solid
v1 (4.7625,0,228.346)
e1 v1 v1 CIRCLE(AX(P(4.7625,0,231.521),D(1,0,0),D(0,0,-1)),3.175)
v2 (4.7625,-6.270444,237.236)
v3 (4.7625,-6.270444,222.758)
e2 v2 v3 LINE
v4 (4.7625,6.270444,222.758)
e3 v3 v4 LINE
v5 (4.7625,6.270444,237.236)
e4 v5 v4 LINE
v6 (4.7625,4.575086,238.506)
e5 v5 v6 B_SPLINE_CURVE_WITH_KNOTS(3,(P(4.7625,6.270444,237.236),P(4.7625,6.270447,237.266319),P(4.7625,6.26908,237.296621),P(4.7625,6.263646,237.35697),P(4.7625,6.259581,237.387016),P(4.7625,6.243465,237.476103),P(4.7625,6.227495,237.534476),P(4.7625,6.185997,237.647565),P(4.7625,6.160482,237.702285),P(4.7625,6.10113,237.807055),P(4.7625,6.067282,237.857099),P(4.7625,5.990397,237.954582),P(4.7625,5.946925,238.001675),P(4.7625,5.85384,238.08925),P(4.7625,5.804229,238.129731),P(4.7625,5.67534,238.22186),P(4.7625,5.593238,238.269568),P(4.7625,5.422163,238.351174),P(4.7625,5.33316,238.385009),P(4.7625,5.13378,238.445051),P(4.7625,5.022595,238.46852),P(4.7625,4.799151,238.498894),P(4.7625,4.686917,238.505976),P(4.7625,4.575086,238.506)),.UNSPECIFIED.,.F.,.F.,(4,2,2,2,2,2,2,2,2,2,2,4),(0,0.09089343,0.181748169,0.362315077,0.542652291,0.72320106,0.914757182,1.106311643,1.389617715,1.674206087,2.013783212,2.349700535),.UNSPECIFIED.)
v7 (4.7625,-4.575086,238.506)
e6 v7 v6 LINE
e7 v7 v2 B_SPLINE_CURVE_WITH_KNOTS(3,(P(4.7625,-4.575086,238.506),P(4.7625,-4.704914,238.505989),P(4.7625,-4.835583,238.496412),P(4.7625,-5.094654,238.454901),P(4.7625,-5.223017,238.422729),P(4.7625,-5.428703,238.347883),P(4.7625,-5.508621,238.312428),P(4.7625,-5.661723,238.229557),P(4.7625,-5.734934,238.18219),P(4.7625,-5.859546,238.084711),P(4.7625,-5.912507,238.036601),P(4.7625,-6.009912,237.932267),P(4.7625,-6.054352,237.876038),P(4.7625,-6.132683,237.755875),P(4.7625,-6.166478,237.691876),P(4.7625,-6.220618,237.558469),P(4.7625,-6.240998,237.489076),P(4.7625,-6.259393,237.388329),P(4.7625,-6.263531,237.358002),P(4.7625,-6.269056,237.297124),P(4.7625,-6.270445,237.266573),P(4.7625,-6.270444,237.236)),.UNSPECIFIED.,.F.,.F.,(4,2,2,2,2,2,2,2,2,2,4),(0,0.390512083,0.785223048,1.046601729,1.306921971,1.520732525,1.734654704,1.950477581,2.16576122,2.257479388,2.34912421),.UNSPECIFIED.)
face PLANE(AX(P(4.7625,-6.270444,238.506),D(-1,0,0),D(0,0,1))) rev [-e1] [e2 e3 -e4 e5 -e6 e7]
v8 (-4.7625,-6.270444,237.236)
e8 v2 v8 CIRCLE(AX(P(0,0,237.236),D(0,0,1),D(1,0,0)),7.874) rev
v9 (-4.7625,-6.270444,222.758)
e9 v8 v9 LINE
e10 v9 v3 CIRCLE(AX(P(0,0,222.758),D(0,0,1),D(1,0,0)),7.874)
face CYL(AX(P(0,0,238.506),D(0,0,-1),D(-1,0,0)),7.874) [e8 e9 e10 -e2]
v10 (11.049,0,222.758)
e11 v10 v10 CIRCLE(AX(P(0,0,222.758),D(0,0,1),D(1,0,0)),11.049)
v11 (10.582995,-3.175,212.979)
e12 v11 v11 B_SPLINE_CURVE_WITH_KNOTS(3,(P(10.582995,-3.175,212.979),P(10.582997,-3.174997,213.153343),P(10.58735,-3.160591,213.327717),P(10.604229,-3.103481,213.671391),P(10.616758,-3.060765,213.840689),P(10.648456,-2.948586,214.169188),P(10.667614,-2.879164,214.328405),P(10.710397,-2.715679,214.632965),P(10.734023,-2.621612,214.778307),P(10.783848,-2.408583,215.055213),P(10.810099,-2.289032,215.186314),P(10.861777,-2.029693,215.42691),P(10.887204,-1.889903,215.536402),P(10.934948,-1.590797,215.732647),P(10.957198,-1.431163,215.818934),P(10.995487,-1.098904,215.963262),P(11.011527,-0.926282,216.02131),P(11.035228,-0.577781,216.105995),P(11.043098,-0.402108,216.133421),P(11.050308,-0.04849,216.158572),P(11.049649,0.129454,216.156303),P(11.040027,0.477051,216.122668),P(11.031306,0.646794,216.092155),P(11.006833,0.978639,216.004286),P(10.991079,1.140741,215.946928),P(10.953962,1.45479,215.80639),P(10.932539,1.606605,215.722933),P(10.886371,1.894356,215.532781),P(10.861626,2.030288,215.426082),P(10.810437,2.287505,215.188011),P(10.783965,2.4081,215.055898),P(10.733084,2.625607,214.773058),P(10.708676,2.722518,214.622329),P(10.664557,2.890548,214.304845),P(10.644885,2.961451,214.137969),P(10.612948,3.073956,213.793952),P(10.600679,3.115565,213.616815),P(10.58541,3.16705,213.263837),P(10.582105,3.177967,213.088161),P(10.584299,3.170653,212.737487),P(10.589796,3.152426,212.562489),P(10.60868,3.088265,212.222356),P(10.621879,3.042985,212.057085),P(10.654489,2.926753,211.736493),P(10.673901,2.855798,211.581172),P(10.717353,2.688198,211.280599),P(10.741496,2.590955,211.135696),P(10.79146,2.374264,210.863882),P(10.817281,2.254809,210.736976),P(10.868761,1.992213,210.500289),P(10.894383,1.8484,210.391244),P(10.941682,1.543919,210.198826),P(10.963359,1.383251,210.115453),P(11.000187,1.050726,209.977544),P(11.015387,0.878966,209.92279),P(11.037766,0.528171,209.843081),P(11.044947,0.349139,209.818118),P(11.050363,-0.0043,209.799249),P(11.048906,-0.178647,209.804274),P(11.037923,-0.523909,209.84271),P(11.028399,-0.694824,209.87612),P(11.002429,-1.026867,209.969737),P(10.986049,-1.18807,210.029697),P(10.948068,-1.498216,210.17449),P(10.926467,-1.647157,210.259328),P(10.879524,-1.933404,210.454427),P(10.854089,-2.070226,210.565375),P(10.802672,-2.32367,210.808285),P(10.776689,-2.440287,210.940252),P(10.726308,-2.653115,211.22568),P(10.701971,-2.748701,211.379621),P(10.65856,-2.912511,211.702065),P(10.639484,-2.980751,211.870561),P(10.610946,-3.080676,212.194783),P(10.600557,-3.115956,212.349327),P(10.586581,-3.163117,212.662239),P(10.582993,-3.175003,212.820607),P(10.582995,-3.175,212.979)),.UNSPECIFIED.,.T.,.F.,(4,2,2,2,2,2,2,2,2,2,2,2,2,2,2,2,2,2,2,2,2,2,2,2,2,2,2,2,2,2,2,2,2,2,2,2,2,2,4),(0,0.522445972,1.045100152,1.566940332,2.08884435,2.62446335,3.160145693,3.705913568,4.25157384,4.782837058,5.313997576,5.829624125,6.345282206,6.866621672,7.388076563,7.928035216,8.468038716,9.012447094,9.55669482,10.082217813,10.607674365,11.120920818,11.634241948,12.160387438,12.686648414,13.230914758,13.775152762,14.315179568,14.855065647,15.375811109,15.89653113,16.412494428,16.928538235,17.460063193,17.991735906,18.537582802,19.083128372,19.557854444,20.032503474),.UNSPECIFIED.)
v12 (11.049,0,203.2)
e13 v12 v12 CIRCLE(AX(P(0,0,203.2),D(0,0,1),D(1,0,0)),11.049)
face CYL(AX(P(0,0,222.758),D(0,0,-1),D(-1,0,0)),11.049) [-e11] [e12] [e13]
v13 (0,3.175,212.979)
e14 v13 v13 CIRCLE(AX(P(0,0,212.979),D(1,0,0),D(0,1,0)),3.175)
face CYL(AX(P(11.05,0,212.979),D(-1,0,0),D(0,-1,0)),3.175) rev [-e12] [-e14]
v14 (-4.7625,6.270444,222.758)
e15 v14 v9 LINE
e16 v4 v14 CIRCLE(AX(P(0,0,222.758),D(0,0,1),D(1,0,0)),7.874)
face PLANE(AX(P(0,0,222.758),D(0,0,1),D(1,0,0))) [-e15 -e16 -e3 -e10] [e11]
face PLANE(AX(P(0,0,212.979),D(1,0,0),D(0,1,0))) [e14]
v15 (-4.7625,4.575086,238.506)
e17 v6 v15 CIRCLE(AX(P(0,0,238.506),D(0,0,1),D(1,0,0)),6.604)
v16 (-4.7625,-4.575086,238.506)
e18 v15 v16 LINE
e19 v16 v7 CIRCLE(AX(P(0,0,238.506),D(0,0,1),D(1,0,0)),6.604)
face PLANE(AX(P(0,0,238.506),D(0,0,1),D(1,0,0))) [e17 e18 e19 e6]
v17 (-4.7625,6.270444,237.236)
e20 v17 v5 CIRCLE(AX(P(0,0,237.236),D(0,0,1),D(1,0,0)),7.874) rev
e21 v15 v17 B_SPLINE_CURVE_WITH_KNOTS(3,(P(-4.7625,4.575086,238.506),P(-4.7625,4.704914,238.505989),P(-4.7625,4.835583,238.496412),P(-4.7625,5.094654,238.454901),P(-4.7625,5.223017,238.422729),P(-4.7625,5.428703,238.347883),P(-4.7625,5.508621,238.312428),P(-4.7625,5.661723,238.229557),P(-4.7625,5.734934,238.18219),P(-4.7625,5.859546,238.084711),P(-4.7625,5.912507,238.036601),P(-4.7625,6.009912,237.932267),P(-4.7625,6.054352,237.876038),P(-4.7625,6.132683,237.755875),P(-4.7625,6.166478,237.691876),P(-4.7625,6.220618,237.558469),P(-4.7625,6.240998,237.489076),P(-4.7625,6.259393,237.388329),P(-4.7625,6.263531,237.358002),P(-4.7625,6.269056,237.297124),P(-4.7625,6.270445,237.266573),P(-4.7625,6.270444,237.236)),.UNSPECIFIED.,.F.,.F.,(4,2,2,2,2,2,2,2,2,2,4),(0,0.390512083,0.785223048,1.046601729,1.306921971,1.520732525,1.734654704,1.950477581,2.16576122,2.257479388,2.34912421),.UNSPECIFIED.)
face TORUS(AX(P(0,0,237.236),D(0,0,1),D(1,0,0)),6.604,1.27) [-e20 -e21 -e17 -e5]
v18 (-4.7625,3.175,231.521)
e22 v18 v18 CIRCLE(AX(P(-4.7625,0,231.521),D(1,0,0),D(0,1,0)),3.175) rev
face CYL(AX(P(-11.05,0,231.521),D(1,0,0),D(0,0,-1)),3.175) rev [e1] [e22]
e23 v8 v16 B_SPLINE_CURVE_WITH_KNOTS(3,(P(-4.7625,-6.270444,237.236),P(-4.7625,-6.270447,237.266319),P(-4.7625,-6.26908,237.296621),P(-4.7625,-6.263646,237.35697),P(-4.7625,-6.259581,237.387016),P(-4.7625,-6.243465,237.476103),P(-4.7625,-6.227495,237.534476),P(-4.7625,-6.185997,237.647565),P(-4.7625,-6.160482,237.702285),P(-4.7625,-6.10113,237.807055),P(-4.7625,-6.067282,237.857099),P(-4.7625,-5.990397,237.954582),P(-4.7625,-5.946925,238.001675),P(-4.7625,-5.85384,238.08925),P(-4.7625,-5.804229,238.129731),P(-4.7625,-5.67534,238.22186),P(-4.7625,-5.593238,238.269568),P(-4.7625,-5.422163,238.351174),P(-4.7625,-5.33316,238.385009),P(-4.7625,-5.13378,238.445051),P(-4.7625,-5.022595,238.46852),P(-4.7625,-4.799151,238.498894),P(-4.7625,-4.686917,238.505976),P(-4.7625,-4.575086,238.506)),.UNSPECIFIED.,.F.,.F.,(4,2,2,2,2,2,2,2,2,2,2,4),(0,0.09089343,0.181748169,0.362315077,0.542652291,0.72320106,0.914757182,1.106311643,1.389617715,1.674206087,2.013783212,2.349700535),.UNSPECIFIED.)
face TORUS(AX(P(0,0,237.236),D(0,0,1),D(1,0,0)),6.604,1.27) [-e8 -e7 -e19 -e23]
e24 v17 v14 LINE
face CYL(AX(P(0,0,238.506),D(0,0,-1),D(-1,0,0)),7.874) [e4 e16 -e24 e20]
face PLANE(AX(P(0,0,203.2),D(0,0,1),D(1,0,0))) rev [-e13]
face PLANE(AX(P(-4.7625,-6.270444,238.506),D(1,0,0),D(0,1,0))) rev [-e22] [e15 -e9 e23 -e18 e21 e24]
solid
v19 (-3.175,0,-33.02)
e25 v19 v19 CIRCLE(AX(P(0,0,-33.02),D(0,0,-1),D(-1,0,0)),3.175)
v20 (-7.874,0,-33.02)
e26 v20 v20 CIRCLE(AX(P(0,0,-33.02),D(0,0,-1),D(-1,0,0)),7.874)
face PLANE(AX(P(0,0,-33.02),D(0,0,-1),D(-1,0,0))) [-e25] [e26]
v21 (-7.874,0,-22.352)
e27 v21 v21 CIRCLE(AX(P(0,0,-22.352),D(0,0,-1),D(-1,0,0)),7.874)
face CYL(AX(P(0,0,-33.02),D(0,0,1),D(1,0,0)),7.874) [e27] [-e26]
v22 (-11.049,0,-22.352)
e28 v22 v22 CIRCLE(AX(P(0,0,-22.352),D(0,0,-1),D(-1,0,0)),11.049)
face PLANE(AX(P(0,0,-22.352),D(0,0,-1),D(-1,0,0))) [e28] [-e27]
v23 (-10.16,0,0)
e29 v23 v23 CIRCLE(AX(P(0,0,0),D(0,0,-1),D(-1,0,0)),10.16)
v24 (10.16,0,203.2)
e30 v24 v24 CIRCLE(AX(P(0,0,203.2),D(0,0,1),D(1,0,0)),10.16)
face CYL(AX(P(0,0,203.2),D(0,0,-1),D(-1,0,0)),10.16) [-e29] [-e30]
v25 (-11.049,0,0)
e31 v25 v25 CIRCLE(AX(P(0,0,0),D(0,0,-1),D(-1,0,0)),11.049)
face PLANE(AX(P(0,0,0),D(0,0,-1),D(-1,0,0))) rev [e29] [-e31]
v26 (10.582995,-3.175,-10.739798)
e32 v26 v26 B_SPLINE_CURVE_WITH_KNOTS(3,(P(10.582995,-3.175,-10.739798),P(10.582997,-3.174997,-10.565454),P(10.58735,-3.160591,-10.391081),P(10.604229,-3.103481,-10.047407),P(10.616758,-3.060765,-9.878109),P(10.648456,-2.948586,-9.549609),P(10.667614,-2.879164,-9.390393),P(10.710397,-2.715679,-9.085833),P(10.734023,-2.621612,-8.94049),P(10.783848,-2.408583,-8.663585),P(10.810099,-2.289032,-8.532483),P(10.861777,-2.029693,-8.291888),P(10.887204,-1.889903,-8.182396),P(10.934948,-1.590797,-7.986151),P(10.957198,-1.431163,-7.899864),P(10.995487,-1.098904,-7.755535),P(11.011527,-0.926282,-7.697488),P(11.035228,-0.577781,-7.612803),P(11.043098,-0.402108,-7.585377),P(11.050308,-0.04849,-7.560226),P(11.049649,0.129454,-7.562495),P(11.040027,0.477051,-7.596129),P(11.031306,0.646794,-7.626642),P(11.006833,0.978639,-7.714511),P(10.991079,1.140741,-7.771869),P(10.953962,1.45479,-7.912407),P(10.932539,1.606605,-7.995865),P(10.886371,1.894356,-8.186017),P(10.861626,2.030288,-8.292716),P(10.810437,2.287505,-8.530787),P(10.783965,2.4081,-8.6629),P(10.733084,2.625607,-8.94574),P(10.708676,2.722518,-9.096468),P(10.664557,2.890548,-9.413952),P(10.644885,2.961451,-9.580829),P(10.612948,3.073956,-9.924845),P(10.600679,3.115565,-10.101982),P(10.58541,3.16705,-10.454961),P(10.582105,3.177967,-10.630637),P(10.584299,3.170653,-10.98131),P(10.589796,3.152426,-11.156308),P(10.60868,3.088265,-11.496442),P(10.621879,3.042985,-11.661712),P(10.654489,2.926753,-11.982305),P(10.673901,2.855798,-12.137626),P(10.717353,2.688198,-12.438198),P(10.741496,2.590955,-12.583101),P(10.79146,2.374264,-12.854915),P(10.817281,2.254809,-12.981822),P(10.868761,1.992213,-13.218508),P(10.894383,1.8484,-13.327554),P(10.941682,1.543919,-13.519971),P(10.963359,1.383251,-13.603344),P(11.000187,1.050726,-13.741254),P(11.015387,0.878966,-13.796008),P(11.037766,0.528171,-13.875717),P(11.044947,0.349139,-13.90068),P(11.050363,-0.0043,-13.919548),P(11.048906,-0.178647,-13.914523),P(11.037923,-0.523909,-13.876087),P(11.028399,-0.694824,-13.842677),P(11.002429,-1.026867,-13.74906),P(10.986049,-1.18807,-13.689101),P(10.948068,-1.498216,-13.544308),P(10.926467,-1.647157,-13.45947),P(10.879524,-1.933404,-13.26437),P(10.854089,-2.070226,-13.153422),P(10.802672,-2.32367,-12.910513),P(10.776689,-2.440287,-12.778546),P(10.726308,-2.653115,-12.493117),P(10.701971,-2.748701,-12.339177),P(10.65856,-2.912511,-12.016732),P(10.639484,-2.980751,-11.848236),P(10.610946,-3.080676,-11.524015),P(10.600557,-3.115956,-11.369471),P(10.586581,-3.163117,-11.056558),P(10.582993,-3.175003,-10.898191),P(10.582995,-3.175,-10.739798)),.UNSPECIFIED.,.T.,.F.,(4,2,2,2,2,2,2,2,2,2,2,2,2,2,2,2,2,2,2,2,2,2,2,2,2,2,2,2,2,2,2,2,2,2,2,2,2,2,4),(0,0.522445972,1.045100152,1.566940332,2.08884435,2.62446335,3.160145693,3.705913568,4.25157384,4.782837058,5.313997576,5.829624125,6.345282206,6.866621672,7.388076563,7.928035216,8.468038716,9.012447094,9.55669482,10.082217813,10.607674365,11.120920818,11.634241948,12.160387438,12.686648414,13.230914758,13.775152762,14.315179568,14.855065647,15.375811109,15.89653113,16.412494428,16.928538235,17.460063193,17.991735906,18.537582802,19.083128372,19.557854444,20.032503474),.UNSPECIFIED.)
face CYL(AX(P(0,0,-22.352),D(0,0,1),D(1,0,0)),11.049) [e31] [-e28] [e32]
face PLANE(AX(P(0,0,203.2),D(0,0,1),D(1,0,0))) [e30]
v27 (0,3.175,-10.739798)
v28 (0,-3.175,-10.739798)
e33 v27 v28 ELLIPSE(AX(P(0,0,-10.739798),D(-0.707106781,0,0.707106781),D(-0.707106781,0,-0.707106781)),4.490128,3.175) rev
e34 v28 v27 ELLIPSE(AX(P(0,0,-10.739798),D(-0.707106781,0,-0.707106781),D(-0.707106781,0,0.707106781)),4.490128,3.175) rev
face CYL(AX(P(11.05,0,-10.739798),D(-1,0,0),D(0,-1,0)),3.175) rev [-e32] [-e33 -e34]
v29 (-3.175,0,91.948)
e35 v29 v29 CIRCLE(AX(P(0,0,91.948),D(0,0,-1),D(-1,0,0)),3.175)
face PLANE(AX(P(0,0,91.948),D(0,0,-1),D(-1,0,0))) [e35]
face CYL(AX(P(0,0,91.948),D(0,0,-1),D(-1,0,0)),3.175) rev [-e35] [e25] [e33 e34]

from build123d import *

# Parameters (mm, degrees)
SKETCH1_R               = 10.16
BOSS_EXTRUDE1_DEPTH     = 203.2
SKETCH2_R               = 11.049
BOSS_EXTRUDE2_DEPTH     = 19.558
BOSS_EXTRUDE3_DEPTH     = 15.748
SKETCH4_R               = 3.175
CUT_EXTRUDE1_DEPTH      = 9.525
FILLET1_R               = 1.27
SKETCH5_R               = 11.049
BOSS_EXTRUDE4_DEPTH     = 22.352
SKETCH6_R               = 7.874
BOSS_EXTRUDE5_DEPTH     = 10.668
SKETCH7_R               = 3.175
CUT_EXTRUDE2_DEPTH      = 124.968
CUT_EXTRUDE3_REACH      = 241.017
CUT_EXTRUDE3_END_RADIUS = 11.049
SKETCH8_R               = 3.175


with BuildPart() as part:
    # Sketch1 → Boss-Extrude1 (new body)
    with BuildSketch(Plane.XY):
        Circle(SKETCH1_R)
    extrude(amount=BOSS_EXTRUDE1_DEPTH)

    # Sketch5 → Boss-Extrude4 (add)
    with BuildSketch(Plane(origin=(0, 0, 0), x_dir=(-1, 0, 0), z_dir=(0, 0, -1))):
        with Locations(Location((0, 0, 0), (0, 0, 180))):
            Circle(SKETCH5_R)
    extrude(amount=BOSS_EXTRUDE4_DEPTH)

    # Sketch6 → Boss-Extrude5 (add)
    with BuildSketch(Plane(origin=(0, 0, -22.352), x_dir=(-1, 0, 0), z_dir=(0, 0, -1))):
        Circle(SKETCH6_R)
    extrude(amount=BOSS_EXTRUDE5_DEPTH)

    # Sketch7 → Cut-Extrude2 (cut)
    with BuildSketch(Plane(origin=(0, 0, -33.02), x_dir=(-1, 0, 0), z_dir=(0, 0, -1))):
        Circle(SKETCH7_R)
    extrude(amount=-CUT_EXTRUDE2_DEPTH, mode=Mode.SUBTRACT)


with BuildPart() as body_2:
    # Sketch2 → Boss-Extrude2 (new body)
    with BuildSketch(Plane.XY.offset(203.2)):
        Circle(SKETCH2_R)
    extrude(amount=BOSS_EXTRUDE2_DEPTH)

    # Sketch3 → Boss-Extrude3 (add)
    with BuildSketch(Plane.XY.offset(222.758)):
        with BuildLine():
            Line((4.7625, -6.270444143), (4.7625, 6.270444143))
            ThreePointArc((4.7625, 6.270444143), (0, 7.874), (-4.7625, 6.270444143))
            Line((-4.7625, 6.270444143), (-4.7625, -6.270444143))
            ThreePointArc((-4.7625, -6.270444143), (0, -7.874), (4.7625, -6.270444143))
        make_face()
    extrude(amount=BOSS_EXTRUDE3_DEPTH)

    # Sketch4 → Cut-Extrude1 (cut)
    with BuildSketch(Plane(origin=(4.7625, 0, 0), x_dir=(0, 0, -1), z_dir=(1, 0, 0))):
        with Locations((-231.521, 0)):
            Circle(SKETCH4_R)
    extrude(amount=-CUT_EXTRUDE1_DEPTH, mode=Mode.SUBTRACT)

    # Fillet1
    fillet1_edges = [body_2.edges().sort_by_distance(p)[0] for p in [
        (0, 7.874, 238.506),
        (0, -7.874, 238.506),
    ]]
    fillet(fillet1_edges, radius=FILLET1_R)


with BuildPart() as cut_extrude3_tool:
    # Cut-Extrude3: up to this cylinder (the profile starts inside it)
    cut_extrude3_end = Plane(origin=(0, 0, 101.119601), z_dir=(0, 0, -1)) * Cylinder(CUT_EXTRUDE3_END_RADIUS, 728.850798, mode=Mode.PRIVATE)
    # Sketch8 → Cut-Extrude3 (new, up to the surface)
    with BuildSketch(Plane(origin=(0, 0, 0), x_dir=(0, 0, -1), z_dir=(1, 0, 0)), mode=Mode.PRIVATE) as cut_extrude3_sk1:
        with Locations(Location((-212.979, 0, 0), (0, 0, 270))):
            Circle(SKETCH8_R)
    cut_extrude3_tool1 = extrude(cut_extrude3_sk1.sketch, amount=CUT_EXTRUDE3_REACH, mode=Mode.PRIVATE) & cut_extrude3_end
    add(cut_extrude3_tool1.solids().sort_by_distance((0, 0, 212.979))[0])
    # Sketch8 → Cut-Extrude3 (new, up to the surface)
    with BuildSketch(Plane(origin=(0, 0, 0), x_dir=(0, 0, -1), z_dir=(1, 0, 0)), mode=Mode.PRIVATE) as cut_extrude3_sk2:
        with Locations(Location((10.739797543, 0, 0), (0, 0, 270))):
            Circle(SKETCH8_R)
    cut_extrude3_tool2 = extrude(cut_extrude3_sk2.sketch, amount=CUT_EXTRUDE3_REACH, mode=Mode.PRIVATE) & cut_extrude3_end
    add(cut_extrude3_tool2.solids().sort_by_distance((0, 0, -10.739798))[0])


with BuildPart() as part_1:
    add(part.part)

    # Cut-Extrude3: cut by cut_extrude3_tool
    add(cut_extrude3_tool.part, mode=Mode.SUBTRACT)


with BuildPart() as body_2_1:
    add(body_2.part)

    # Cut-Extrude3: cut by cut_extrude3_tool
    add(cut_extrude3_tool.part, mode=Mode.SUBTRACT)


solid = Compound([part_1.part, body_2_1.part])
